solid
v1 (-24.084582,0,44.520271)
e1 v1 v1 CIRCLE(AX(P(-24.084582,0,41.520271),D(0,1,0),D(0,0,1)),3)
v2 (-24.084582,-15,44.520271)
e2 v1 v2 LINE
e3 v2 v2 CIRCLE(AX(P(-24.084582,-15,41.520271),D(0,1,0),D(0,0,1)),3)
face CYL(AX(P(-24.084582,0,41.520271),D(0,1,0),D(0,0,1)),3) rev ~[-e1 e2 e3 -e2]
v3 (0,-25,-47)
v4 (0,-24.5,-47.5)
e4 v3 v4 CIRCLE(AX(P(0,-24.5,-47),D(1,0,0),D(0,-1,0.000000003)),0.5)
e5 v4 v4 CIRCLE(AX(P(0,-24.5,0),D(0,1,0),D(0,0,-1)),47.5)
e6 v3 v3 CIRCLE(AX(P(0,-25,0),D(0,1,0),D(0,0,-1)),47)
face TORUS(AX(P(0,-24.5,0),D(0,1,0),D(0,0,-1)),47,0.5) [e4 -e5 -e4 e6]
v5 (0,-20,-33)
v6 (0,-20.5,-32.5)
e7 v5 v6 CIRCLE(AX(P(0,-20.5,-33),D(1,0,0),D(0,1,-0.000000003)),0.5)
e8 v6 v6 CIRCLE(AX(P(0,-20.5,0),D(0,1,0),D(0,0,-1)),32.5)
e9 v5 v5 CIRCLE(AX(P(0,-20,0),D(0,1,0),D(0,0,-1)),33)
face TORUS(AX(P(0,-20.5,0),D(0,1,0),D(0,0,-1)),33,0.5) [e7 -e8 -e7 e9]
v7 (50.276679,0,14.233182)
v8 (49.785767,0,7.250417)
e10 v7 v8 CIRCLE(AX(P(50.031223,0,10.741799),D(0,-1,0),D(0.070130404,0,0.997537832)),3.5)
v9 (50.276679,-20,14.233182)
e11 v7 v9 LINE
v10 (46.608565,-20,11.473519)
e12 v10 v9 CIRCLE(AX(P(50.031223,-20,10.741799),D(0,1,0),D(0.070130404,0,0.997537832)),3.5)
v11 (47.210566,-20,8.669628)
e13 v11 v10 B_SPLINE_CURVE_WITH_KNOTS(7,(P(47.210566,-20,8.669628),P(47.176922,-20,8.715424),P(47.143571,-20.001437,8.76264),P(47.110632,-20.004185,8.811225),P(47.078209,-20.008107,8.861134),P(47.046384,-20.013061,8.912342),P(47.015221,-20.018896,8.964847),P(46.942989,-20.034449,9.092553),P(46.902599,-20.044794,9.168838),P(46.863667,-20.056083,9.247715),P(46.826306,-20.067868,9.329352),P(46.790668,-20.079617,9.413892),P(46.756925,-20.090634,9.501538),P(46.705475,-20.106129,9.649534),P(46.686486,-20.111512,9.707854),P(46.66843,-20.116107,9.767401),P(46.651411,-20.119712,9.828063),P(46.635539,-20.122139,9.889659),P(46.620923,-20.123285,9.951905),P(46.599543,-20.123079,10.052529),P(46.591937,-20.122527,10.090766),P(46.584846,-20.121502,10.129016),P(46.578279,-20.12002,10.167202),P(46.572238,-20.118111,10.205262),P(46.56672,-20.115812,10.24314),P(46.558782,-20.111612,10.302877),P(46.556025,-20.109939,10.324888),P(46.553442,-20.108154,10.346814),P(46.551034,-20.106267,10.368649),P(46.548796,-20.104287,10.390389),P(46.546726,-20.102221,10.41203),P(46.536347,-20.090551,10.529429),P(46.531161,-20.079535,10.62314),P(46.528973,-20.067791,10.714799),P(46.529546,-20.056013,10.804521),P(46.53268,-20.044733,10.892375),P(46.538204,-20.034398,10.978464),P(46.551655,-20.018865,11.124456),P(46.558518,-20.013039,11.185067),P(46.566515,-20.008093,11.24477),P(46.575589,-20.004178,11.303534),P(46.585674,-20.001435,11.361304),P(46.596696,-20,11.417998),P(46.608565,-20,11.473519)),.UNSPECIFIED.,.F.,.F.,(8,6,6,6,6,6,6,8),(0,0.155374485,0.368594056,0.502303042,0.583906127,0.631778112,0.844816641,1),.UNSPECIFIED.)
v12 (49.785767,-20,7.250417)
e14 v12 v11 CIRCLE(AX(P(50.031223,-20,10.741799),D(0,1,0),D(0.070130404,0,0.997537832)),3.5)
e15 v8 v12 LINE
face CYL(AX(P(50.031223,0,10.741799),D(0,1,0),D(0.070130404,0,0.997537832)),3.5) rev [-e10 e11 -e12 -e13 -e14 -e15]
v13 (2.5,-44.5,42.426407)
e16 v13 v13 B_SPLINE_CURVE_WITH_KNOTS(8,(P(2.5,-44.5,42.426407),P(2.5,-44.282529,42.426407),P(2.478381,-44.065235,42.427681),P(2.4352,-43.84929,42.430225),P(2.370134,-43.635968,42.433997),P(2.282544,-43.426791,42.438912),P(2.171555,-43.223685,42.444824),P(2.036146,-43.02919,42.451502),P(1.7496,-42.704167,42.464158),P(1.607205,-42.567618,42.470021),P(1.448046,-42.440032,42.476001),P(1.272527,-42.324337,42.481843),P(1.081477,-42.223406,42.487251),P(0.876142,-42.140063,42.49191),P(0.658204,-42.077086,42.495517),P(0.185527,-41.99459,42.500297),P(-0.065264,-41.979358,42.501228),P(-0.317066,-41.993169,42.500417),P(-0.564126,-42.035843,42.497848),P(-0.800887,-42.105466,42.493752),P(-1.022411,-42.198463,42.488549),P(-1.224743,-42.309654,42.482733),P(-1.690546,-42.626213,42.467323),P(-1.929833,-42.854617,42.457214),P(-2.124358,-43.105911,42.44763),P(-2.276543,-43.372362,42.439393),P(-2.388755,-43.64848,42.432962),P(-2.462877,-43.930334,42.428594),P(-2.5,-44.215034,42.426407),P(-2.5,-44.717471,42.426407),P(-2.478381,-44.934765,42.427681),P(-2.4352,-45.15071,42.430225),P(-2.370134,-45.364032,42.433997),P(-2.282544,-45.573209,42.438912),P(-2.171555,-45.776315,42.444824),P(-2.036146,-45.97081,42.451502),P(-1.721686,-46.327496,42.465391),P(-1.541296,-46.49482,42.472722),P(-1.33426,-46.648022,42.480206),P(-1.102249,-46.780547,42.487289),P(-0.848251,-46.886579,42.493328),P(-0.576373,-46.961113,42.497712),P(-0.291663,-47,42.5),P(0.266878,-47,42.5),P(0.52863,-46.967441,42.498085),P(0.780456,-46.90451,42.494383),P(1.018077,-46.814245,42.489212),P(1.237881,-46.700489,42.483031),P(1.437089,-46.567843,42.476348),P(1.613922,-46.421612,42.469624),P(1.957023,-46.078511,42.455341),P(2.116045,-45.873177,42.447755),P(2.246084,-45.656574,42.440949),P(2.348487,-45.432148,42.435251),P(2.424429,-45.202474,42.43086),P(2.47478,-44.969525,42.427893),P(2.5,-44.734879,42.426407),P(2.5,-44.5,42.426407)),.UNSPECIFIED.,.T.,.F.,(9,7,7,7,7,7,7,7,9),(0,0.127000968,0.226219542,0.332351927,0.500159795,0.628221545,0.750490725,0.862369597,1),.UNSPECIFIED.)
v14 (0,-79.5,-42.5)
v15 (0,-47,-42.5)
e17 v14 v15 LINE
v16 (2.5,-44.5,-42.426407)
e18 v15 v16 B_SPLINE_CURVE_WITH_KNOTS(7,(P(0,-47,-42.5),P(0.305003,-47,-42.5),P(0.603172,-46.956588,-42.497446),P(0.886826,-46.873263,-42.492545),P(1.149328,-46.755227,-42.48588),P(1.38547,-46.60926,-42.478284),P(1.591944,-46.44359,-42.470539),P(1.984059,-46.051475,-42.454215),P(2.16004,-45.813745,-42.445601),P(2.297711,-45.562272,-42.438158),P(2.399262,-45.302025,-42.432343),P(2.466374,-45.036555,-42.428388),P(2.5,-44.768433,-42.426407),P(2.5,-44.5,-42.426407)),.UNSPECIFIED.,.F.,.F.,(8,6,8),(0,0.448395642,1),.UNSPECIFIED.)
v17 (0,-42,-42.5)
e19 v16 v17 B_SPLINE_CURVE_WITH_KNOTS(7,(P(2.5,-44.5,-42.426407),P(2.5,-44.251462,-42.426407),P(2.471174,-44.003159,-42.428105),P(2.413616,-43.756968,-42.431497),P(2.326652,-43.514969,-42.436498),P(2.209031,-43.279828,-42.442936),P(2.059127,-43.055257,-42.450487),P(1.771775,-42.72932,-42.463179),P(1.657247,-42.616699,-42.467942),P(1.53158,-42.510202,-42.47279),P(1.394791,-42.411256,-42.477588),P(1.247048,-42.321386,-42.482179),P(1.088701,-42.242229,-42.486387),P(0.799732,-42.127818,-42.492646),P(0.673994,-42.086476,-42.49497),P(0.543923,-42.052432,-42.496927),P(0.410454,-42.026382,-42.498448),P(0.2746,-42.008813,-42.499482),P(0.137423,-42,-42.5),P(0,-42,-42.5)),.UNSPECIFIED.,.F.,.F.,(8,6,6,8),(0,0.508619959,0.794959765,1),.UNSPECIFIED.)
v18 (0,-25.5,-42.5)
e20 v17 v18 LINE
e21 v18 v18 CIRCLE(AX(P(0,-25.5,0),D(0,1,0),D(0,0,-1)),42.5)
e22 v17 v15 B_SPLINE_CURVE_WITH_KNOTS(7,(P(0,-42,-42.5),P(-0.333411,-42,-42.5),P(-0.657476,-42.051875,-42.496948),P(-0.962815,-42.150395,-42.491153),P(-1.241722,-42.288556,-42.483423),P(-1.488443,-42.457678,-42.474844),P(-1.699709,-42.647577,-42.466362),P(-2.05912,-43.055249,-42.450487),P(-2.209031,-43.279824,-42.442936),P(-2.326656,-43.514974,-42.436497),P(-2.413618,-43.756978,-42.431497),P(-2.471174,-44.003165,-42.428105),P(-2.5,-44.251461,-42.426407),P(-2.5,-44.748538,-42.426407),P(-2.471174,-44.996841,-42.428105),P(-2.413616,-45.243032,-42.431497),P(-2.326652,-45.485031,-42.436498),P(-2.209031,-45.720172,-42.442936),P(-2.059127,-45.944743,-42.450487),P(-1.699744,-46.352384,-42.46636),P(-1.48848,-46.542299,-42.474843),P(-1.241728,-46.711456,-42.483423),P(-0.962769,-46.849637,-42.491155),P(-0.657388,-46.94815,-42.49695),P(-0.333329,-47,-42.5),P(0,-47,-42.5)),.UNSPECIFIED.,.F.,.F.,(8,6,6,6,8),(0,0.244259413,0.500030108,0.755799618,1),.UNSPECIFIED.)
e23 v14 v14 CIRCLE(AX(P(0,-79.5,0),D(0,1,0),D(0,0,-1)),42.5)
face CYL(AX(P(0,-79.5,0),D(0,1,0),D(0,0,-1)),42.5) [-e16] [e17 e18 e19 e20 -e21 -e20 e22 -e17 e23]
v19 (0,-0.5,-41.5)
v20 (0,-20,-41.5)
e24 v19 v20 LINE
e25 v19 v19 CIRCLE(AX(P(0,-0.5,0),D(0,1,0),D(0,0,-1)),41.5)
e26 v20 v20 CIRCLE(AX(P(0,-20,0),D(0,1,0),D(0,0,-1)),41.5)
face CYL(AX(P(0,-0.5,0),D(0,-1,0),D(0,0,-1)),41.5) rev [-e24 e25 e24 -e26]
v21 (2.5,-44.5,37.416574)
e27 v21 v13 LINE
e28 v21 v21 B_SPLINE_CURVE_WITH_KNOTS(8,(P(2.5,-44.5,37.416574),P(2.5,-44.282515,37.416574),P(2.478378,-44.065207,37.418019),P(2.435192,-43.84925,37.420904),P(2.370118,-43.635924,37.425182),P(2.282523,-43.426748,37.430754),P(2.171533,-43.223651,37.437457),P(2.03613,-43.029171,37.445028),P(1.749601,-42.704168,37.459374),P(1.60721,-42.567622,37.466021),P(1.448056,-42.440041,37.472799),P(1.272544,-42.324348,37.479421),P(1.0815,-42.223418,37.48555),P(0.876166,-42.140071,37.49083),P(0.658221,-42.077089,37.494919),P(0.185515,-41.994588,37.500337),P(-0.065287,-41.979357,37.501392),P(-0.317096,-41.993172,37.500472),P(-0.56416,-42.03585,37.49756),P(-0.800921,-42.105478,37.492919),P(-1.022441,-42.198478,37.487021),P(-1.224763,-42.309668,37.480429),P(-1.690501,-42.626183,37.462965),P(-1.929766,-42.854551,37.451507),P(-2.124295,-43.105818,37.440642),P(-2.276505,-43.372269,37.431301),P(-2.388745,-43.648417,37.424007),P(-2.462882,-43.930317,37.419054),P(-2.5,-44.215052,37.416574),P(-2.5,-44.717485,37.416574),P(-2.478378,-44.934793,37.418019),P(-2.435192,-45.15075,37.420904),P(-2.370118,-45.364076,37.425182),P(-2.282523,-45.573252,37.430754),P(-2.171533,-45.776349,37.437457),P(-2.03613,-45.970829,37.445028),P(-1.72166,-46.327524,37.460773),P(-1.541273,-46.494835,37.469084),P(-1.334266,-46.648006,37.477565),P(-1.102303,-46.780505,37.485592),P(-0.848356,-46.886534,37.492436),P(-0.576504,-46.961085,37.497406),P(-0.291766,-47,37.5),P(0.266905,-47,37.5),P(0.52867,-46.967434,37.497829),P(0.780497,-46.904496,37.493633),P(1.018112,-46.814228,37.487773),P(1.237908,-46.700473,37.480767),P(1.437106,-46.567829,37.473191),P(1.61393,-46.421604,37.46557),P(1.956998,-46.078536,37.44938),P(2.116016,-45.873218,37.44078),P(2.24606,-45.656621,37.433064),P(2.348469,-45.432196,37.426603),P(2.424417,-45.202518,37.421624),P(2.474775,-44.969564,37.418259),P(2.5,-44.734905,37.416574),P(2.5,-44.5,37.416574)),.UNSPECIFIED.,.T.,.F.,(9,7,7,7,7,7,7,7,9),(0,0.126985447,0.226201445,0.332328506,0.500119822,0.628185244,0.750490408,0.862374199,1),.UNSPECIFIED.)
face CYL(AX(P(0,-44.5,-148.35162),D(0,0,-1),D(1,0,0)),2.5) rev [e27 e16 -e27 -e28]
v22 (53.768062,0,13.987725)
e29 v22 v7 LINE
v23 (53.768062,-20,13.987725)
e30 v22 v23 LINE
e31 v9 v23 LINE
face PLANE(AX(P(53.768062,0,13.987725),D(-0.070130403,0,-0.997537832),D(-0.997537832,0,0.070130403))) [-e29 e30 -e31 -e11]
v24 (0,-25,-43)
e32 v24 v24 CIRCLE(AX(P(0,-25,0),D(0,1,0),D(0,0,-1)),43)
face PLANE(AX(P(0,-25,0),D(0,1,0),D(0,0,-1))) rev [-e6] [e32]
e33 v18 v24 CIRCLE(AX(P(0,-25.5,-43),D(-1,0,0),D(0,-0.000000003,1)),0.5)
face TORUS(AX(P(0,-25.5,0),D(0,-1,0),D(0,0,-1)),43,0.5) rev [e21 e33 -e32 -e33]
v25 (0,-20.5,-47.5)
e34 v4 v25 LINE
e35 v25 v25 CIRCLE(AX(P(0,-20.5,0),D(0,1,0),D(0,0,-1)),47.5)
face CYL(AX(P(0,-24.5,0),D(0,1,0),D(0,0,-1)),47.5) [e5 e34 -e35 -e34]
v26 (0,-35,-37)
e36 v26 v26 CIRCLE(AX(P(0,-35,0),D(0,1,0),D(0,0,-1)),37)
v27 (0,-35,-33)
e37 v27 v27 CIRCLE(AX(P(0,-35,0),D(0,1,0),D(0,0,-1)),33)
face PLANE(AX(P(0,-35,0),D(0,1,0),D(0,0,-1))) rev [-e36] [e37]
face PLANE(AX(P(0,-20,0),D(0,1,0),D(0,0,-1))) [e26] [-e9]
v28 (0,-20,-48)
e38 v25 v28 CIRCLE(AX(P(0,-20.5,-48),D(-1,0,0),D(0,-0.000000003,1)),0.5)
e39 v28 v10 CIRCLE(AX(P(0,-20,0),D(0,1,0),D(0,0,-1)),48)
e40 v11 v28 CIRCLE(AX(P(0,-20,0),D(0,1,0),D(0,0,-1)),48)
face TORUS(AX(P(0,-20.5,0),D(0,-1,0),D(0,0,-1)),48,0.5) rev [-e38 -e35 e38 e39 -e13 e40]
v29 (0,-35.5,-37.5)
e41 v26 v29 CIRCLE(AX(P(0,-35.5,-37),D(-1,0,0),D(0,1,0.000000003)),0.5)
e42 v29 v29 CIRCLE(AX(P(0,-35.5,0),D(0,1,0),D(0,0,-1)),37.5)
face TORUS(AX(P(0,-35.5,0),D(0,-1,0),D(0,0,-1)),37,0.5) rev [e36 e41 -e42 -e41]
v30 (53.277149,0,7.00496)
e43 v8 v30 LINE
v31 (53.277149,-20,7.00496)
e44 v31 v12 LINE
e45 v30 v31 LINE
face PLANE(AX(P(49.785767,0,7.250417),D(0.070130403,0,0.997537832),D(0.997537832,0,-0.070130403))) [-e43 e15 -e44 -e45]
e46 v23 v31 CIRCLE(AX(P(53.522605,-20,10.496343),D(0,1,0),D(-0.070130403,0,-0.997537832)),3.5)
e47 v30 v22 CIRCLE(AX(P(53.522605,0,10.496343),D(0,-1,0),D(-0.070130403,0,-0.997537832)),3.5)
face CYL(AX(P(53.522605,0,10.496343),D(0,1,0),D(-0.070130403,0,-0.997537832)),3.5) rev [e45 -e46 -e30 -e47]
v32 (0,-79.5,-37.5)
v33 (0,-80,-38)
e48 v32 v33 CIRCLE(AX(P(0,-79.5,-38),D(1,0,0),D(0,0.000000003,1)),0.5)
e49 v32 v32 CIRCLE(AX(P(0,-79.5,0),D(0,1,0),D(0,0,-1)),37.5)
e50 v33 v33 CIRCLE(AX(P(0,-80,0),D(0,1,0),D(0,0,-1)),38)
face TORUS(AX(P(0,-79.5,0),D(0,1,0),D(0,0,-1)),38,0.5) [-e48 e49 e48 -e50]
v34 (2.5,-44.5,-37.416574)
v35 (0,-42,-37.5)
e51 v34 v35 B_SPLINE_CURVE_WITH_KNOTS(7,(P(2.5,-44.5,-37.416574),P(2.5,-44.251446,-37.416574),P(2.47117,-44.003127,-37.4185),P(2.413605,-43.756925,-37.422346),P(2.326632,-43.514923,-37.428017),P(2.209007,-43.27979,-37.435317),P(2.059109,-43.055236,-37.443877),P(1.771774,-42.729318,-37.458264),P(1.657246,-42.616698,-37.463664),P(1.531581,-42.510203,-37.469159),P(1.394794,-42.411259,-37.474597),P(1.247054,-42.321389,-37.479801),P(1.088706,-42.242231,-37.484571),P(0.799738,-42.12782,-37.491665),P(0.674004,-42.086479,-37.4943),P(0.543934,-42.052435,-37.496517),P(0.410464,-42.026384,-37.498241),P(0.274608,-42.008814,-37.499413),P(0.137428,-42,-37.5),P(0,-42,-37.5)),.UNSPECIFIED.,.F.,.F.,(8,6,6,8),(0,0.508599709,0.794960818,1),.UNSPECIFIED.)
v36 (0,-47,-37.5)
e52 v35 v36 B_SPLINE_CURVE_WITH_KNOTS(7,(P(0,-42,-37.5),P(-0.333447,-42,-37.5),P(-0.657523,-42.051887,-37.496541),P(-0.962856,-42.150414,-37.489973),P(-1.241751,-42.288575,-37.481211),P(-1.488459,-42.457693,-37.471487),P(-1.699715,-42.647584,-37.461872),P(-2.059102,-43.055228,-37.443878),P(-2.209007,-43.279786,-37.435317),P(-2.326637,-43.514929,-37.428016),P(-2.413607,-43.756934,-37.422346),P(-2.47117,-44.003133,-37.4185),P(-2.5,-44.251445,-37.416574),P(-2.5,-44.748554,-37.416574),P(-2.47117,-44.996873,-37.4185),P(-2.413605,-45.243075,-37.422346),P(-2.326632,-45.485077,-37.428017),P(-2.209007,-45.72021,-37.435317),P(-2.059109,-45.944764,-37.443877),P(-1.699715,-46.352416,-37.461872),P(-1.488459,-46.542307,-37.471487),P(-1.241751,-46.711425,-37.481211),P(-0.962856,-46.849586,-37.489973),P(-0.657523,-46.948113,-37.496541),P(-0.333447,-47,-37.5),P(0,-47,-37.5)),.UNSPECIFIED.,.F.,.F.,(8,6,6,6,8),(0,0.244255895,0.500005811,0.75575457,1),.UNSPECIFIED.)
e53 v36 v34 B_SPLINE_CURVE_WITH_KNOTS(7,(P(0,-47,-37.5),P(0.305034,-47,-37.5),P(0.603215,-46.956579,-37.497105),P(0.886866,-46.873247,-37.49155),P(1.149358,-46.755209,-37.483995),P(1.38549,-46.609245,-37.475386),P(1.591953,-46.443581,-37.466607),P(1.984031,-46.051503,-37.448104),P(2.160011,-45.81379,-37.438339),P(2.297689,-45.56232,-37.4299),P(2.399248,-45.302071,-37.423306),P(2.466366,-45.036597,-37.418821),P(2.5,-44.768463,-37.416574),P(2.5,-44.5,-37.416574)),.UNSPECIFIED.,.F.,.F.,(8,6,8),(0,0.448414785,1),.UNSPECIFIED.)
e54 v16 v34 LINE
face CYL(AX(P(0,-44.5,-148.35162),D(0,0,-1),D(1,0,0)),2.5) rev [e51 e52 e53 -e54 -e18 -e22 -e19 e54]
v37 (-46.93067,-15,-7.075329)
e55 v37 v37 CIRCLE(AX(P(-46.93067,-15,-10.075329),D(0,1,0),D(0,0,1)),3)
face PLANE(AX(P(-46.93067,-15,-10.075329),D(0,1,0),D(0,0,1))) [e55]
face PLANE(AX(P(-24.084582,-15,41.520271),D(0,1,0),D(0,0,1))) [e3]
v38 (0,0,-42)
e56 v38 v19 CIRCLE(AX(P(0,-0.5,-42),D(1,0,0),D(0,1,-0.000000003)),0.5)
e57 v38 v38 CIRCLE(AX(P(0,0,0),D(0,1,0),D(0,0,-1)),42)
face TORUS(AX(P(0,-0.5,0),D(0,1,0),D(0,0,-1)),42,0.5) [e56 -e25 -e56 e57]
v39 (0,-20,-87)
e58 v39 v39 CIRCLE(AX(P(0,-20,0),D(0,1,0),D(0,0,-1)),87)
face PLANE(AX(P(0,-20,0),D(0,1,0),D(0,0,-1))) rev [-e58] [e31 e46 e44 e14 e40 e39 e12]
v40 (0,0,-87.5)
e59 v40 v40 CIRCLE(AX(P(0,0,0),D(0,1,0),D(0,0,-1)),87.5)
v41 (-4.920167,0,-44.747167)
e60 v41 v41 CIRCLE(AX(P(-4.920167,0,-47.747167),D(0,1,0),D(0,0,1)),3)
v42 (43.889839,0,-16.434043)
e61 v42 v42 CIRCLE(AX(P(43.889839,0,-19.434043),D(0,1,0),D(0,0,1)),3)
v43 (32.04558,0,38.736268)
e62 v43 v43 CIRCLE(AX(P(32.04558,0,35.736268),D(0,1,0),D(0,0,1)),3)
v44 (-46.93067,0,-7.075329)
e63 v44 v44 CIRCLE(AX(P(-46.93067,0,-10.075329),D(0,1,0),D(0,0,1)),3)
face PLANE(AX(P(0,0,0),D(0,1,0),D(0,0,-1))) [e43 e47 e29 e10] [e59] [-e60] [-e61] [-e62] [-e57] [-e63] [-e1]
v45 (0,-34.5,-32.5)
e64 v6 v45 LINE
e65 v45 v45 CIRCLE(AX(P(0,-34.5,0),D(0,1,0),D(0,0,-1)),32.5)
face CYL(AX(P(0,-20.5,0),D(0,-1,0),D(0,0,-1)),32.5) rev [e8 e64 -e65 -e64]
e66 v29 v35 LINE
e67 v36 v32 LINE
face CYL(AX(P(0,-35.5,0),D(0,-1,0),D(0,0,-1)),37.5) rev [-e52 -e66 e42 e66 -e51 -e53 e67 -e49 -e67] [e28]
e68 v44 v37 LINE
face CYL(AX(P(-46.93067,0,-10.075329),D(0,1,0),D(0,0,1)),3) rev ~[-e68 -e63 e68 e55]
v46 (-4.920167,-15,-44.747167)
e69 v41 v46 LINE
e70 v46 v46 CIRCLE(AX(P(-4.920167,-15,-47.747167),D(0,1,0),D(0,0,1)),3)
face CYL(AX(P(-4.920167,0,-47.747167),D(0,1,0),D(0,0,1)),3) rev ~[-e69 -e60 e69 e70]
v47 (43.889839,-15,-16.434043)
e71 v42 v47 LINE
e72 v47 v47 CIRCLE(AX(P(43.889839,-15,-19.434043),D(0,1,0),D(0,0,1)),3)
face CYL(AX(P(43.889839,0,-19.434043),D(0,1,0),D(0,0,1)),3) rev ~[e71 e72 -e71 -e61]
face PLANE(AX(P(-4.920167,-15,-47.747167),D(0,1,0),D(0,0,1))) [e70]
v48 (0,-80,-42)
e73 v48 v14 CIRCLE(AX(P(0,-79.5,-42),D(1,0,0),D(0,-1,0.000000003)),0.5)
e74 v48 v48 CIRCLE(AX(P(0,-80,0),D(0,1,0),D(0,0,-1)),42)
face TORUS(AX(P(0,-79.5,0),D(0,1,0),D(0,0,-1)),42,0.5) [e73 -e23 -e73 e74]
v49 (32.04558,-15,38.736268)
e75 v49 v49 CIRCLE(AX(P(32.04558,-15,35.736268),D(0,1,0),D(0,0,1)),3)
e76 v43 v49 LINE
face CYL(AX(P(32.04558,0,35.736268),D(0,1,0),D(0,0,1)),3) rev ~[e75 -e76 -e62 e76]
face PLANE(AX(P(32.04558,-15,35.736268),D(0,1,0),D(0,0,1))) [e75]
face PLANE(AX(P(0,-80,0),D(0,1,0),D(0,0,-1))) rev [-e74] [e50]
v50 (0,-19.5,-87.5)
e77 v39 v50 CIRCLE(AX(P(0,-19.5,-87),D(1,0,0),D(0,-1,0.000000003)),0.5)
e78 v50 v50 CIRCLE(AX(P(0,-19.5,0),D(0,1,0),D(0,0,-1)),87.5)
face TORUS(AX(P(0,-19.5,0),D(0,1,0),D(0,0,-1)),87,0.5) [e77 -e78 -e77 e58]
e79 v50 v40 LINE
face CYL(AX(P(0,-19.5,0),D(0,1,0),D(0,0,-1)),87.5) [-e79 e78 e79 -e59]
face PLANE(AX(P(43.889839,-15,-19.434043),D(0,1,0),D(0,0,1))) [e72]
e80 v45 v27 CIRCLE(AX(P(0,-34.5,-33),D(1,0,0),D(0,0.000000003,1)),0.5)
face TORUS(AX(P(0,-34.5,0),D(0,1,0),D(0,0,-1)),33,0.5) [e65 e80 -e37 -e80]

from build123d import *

# Parameters (mm, degrees)
CUT_EXTRUDE6_DEPTH      = 148.351620397
CUT_EXTRUDE6_DEPTH_BACK = 148.351620397
SKETCH6_R               = 2.5
SKETCH8_R               = 3
CUT_EXTRUDE8_DEPTH      = 15
CUT_EXTRUDE9_DEPTH      = 148.351620397


with BuildPart() as part:
    # Sketch1 → Revolve1 (revolve)
    with BuildSketch(Plane.XY):
        with BuildLine():
            Line((-87.5, -19.5), (-87.5, 0))
            Line((-87.5, 0), (-42, 0))
            ThreePointArc((-42, 0), (-41.646446609, -0.146446609), (-41.5, -0.5))
            Line((-41.5, -0.5), (-41.5, -20))
            Line((-41.5, -20), (-33, -20))
            ThreePointArc((-33, -20), (-32.646446609, -20.146446609), (-32.5, -20.5))
            Line((-32.5, -20.5), (-32.5, -34.5))
            ThreePointArc((-32.5, -34.5), (-32.646446609, -34.853553391), (-33, -35))
            Line((-33, -35), (-37, -35))
            ThreePointArc((-37, -35), (-37.353553391, -35.146446609), (-37.5, -35.5))
            Line((-37.5, -35.5), (-37.5, -79.5))
            ThreePointArc((-37.5, -79.5), (-37.646446609, -79.853553391), (-38, -80))
            Line((-38, -80), (-42, -80))
            ThreePointArc((-42, -80), (-42.353553391, -79.853553391), (-42.5, -79.5))
            Line((-42.5, -79.5), (-42.5, -25.5))
            ThreePointArc((-42.5, -25.5), (-42.646446609, -25.146446609), (-43, -25))
            Line((-43, -25), (-47, -25))
            ThreePointArc((-47, -25), (-47.353553391, -24.853553391), (-47.5, -24.5))
            Line((-47.5, -24.5), (-47.5, -20.5))
            ThreePointArc((-47.5, -20.5), (-47.646446609, -20.146446609), (-48, -20))
            Line((-48, -20), (-87, -20))
            ThreePointArc((-87, -20), (-87.353553391, -19.853553391), (-87.5, -19.5))
        make_face()
    revolve(axis=Axis((0, -100.5, 0), (0, 1, 0)))

    # Sketch6 → Cut-Extrude6 (cut, two sides: drawn at the far end of the back side and taken through both)
    with BuildSketch(Plane.XY.offset(-CUT_EXTRUDE6_DEPTH_BACK)):
        with Locations((0, -44.5)):
            Circle(SKETCH6_R)
    extrude(amount=CUT_EXTRUDE6_DEPTH + CUT_EXTRUDE6_DEPTH_BACK, mode=Mode.SUBTRACT)

    # Sketch8 → Cut-Extrude8 (cut)
    with BuildSketch(Plane(origin=(0, 0, 0), x_dir=(1, 0, 0), z_dir=(0, 1, 0))):
        with Locations((43.889838941, 19.434043267)):
            Circle(SKETCH8_R)
        with Locations((-4.920167374, 47.747166963)):
            Circle(SKETCH8_R)
        with Locations((-46.930669609, 10.075328782)):
            Circle(SKETCH8_R)
        with Locations((-24.084581559, -41.520271328)):
            Circle(SKETCH8_R)
        with Locations((32.045579601, -35.736267685)):
            Circle(SKETCH8_R)
    extrude(amount=-CUT_EXTRUDE8_DEPTH, mode=Mode.SUBTRACT)

    # Sketch9 → Cut-Extrude9 (cut, through all)
    with BuildSketch(Plane(origin=(0, 0, 0), x_dir=(1, 0, 0), z_dir=(0, 1, 0))):
        with BuildLine():
            Line((53.768061866, -13.987725184), (50.276679454, -14.233181596))
            ThreePointArc((50.276679454, -14.233181596), (46.539840629, -10.987255596), (49.785766629, -7.250416771))
            Line((49.785766629, -7.250416771), (53.277149042, -7.004960359))
            ThreePointArc((53.277149042, -7.004960359), (57.013987866, -10.250886359), (53.768061866, -13.987725184))
        make_face()
    extrude(amount=-CUT_EXTRUDE9_DEPTH, mode=Mode.SUBTRACT)


solid = part.part
